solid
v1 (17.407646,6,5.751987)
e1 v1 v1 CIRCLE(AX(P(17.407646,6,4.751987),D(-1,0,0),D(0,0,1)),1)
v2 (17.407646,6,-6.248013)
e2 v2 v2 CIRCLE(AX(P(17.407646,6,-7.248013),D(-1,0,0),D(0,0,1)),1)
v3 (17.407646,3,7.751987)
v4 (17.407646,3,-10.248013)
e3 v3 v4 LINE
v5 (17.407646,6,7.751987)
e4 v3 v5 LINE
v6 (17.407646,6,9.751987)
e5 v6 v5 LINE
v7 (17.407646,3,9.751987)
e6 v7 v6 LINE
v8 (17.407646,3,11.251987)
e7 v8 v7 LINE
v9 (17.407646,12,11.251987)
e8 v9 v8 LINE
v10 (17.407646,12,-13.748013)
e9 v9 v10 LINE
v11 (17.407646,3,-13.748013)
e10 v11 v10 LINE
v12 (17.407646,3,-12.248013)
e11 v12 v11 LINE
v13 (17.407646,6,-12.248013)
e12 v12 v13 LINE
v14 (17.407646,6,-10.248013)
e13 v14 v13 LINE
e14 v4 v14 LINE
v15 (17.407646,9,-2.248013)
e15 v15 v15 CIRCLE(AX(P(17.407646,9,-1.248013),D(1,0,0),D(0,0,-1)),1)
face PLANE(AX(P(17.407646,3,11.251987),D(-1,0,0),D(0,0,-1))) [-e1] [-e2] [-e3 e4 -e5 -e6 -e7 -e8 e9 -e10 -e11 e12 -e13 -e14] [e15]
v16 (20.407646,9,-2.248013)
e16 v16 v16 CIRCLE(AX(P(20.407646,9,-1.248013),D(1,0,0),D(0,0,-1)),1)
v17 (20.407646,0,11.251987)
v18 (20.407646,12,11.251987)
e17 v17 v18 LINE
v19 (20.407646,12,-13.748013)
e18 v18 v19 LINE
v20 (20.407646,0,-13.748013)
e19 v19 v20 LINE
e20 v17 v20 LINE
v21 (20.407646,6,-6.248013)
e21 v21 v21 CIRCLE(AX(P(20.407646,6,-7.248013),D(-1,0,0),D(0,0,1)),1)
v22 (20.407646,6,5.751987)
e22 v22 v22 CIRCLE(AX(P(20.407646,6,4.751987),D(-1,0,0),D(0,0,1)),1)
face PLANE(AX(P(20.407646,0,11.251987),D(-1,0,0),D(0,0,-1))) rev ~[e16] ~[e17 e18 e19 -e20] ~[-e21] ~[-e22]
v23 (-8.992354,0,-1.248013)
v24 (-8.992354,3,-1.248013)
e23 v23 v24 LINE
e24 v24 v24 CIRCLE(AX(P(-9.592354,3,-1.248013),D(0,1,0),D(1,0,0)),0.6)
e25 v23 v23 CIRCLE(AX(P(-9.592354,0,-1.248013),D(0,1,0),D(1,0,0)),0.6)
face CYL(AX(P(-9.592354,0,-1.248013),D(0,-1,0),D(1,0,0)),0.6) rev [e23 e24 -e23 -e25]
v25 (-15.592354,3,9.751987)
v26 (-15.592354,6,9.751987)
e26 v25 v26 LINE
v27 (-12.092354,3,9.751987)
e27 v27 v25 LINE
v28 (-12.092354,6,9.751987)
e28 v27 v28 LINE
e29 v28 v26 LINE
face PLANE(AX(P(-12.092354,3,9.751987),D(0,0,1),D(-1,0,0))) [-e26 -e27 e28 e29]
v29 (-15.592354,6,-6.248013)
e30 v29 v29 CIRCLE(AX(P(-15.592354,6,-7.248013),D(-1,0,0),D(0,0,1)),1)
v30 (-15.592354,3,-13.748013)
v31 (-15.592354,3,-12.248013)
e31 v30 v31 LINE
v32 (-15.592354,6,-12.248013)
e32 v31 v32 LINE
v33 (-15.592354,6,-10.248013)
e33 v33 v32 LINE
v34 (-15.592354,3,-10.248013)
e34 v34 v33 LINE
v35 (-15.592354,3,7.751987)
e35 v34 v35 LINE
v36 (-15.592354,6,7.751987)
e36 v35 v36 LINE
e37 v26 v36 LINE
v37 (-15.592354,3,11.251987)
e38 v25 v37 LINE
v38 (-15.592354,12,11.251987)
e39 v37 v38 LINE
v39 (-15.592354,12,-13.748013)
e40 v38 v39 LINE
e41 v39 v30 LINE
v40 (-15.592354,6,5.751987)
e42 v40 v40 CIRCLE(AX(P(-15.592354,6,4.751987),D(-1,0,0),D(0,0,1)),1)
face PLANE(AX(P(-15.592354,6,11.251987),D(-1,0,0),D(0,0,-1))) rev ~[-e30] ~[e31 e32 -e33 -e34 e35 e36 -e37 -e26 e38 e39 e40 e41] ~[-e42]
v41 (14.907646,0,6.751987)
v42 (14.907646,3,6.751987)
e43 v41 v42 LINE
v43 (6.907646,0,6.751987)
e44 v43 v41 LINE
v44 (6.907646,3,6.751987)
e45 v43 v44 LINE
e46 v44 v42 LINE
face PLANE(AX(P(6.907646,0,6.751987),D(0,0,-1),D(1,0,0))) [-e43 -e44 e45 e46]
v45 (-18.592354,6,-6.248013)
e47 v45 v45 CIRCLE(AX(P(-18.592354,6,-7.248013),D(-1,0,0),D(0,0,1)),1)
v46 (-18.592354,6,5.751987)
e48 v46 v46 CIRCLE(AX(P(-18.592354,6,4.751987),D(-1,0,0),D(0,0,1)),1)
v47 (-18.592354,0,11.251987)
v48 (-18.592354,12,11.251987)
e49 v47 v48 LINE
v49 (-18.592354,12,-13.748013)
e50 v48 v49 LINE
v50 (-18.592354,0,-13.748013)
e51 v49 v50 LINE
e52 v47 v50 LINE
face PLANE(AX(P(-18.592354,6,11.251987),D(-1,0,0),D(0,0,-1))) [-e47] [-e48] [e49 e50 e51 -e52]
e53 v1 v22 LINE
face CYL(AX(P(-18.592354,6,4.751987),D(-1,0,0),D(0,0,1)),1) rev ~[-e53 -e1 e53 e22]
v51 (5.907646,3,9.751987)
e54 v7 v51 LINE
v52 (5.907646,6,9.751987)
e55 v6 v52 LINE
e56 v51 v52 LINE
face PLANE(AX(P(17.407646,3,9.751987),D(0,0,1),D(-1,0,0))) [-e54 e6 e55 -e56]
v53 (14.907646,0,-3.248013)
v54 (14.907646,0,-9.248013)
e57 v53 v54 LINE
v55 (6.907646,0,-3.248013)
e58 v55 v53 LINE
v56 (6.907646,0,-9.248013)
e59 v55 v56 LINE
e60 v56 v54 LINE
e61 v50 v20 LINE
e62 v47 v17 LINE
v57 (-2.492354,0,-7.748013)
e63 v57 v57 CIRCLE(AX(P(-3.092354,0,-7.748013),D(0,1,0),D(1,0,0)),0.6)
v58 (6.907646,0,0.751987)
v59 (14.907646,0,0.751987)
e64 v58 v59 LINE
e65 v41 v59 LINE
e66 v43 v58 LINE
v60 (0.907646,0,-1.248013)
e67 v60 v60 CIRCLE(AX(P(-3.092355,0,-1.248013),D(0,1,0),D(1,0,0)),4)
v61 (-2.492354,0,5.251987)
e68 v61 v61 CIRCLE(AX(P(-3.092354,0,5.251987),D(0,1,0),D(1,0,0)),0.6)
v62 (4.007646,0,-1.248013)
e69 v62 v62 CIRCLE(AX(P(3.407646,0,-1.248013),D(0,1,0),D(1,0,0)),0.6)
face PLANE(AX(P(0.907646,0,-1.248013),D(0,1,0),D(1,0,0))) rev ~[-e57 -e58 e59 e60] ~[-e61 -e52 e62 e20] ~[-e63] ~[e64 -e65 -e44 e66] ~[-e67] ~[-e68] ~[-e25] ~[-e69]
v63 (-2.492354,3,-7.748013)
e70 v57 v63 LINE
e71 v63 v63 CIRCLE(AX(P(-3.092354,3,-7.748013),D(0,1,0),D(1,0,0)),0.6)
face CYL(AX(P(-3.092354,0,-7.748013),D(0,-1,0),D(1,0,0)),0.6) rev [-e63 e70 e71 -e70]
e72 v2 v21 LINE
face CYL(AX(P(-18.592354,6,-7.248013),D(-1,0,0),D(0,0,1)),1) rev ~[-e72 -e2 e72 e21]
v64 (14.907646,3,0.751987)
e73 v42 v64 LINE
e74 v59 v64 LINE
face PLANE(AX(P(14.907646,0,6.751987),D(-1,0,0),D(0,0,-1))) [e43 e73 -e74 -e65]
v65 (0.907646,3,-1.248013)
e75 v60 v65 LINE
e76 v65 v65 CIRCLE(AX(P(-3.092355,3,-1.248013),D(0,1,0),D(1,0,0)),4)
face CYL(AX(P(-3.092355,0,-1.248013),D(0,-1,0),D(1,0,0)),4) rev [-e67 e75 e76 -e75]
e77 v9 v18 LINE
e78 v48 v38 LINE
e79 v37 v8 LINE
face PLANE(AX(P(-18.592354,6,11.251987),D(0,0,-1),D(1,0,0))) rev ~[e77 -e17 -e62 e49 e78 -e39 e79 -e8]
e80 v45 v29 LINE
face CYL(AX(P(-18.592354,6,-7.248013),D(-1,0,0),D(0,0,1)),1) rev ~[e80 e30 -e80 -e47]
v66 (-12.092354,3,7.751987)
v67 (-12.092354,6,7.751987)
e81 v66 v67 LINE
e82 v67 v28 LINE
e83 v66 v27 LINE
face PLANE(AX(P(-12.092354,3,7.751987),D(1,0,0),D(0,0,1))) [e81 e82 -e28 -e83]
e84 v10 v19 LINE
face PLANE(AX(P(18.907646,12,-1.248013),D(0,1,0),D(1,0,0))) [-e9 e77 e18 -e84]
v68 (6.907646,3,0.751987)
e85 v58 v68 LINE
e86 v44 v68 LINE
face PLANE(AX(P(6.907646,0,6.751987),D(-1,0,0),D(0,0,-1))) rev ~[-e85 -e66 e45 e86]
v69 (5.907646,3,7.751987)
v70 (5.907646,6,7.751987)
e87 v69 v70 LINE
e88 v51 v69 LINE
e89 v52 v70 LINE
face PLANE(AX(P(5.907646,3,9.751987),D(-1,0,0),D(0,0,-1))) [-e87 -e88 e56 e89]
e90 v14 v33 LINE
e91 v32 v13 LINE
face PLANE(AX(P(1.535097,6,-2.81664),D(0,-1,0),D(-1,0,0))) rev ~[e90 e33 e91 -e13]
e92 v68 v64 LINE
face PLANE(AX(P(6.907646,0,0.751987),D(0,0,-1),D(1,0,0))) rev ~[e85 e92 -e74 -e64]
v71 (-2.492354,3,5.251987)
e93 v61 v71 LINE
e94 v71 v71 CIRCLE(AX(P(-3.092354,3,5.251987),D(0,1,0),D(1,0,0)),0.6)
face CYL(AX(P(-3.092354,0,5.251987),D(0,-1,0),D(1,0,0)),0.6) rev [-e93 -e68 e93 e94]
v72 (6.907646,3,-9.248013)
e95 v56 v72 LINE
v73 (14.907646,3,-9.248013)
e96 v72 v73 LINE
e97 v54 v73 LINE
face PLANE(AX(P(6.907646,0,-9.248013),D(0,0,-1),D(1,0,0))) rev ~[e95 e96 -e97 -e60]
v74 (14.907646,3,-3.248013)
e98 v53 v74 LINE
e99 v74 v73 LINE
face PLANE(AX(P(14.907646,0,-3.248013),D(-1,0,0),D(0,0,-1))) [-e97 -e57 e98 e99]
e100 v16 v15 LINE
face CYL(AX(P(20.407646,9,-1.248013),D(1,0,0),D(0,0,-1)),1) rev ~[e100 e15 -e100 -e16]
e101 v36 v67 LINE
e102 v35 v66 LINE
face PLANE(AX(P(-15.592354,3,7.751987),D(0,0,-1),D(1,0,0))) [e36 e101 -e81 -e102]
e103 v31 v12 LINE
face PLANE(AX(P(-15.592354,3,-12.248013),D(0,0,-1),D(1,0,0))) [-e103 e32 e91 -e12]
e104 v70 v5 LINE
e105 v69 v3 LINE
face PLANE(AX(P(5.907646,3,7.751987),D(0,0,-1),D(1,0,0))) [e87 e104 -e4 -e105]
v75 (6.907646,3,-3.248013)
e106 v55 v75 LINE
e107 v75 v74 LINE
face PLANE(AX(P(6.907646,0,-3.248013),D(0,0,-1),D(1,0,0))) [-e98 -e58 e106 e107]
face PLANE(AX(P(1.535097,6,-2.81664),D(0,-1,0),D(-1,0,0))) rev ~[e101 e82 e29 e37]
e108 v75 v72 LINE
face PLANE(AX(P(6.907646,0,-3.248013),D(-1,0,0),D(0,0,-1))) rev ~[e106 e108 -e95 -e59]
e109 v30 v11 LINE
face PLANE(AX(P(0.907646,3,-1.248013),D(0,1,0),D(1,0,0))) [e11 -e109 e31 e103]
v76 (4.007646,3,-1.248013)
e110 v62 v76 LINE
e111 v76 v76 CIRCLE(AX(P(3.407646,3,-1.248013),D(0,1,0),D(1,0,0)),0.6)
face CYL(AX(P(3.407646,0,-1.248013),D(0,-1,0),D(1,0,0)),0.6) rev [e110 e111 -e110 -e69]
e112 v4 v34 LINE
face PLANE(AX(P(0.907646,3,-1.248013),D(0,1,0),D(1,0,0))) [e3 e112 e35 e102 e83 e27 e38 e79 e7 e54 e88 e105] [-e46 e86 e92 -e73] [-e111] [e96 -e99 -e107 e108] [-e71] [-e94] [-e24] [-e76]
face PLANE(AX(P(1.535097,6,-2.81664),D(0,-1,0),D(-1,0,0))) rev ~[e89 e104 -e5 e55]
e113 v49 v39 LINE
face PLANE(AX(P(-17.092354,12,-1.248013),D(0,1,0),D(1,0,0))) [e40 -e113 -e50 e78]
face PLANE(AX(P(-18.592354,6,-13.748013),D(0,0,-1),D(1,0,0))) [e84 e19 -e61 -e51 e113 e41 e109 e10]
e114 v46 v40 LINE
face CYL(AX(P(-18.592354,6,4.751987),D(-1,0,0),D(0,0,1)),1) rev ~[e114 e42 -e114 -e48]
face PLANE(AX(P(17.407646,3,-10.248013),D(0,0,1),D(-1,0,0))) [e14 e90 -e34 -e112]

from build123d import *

# Parameters (mm, degrees)
CROQUIS1_W              = 39
CROQUIS1_H              = 25
CROQUIS1_R              = 4.000000275
CROQUIS1_R_2            = 0.600000034
CROQUIS1_W_2            = 8
CROQUIS1_H_2            = 6
SALIENTE_EXTRUIR1_DEPTH = 3
SALIENTE_EXTRUIR2_DEPTH = 3
CROQUIS3_W              = 3
CROQUIS3_H              = 25
SALIENTE_EXTRUIR3_DEPTH = 6
CROQUIS4_R              = 1
CORTAR_EXTRUIR1_DEPTH   = 45
CROQUIS5_R              = 1
CORTAR_EXTRUIR2_DEPTH   = 27


with BuildPart() as part:
    # Croquis1 → Saliente-Extruir1 (new body)
    with BuildSketch(Plane(origin=(0, 0, 0), x_dir=(1, 0, 0), z_dir=(0, 1, 0))):
        with Locations((0.907645754, 1.248012912)):
            Rectangle(CROQUIS1_W, CROQUIS1_H)
        with Locations((-3.09235459, 1.24801291)):
            Circle(CROQUIS1_R, mode=Mode.SUBTRACT)
        with Locations((-3.092354224, 7.748013103)):
            Circle(CROQUIS1_R_2, mode=Mode.SUBTRACT)
        with Locations((3.407645945, 1.248012891)):
            Circle(CROQUIS1_R_2, mode=Mode.SUBTRACT)
        with Locations((-3.092354267, -5.251987278)):
            Circle(CROQUIS1_R_2, mode=Mode.SUBTRACT)
        with Locations((-9.592354436, 1.248012934)):
            Circle(CROQUIS1_R_2, mode=Mode.SUBTRACT)
        with Locations((10.907645754, -3.751987088)):
            Rectangle(CROQUIS1_W_2, CROQUIS1_H_2, mode=Mode.SUBTRACT)
        with Locations((10.907645754, 6.248012912)):
            Rectangle(CROQUIS1_W_2, CROQUIS1_H_2, mode=Mode.SUBTRACT)
    extrude(amount=SALIENTE_EXTRUIR1_DEPTH)

    # Croquis2 → Saliente-Extruir2 (add)
    with BuildSketch(Plane(origin=(0, 3, 0), x_dir=(1, 0, 0), z_dir=(0, 1, 0))):
        Polygon((-18.592354246, 13.748012912), (-15.592354246, 13.748012912), (-15.592354246, 12.248012912), (17.407645754, 12.248012912), (17.407645754, 13.748012912), (20.407645754, 13.748012912), (20.407645754, -11.251987088), (17.407645754, -11.251987088), (17.407645754, -9.751987088), (5.907645754, -9.751987088), (5.907645754, -7.751987088), (17.407645754, -7.751987088), (17.407645754, 10.248012912), (-15.592354246, 10.248012912), (-15.592354246, -7.751987088), (-12.092354246, -7.751987088), (-12.092354246, -9.751987088), (-15.592354246, -9.751987088), (-15.592354246, -11.251987088), (-18.592354246, -11.251987088), align=None)
    extrude(amount=SALIENTE_EXTRUIR2_DEPTH)

    # Croquis3 → Saliente-Extruir3 (add)
    with BuildSketch(Plane(origin=(0, 6, 0), x_dir=(1, 0, 0), z_dir=(0, 1, 0))):
        with Locations((-17.092354246, 1.248012912)):
            Rectangle(CROQUIS3_W, CROQUIS3_H)
        with Locations((18.907645754, 1.248012912)):
            Rectangle(CROQUIS3_W, CROQUIS3_H)
    extrude(amount=SALIENTE_EXTRUIR3_DEPTH)

    # Croquis4 → Cortar-Extruir1 (cut)
    with BuildSketch(Plane.ZY.offset(18.592354246)):
        with Locations((-7.248012912, 6)):
            Circle(CROQUIS4_R)
        with Locations((4.751987088, 6)):
            Circle(CROQUIS4_R)
    extrude(amount=-CORTAR_EXTRUIR1_DEPTH, mode=Mode.SUBTRACT)

    # Croquis5 → Cortar-Extruir2 (cut)
    with BuildSketch(Plane(origin=(20.407645754, 0, 0), x_dir=(0, 0, -1), z_dir=(1, 0, 0))):
        with Locations((1.248012912, 9)):
            Circle(CROQUIS5_R)
    extrude(amount=-CORTAR_EXTRUIR2_DEPTH, mode=Mode.SUBTRACT)


solid = part.part
